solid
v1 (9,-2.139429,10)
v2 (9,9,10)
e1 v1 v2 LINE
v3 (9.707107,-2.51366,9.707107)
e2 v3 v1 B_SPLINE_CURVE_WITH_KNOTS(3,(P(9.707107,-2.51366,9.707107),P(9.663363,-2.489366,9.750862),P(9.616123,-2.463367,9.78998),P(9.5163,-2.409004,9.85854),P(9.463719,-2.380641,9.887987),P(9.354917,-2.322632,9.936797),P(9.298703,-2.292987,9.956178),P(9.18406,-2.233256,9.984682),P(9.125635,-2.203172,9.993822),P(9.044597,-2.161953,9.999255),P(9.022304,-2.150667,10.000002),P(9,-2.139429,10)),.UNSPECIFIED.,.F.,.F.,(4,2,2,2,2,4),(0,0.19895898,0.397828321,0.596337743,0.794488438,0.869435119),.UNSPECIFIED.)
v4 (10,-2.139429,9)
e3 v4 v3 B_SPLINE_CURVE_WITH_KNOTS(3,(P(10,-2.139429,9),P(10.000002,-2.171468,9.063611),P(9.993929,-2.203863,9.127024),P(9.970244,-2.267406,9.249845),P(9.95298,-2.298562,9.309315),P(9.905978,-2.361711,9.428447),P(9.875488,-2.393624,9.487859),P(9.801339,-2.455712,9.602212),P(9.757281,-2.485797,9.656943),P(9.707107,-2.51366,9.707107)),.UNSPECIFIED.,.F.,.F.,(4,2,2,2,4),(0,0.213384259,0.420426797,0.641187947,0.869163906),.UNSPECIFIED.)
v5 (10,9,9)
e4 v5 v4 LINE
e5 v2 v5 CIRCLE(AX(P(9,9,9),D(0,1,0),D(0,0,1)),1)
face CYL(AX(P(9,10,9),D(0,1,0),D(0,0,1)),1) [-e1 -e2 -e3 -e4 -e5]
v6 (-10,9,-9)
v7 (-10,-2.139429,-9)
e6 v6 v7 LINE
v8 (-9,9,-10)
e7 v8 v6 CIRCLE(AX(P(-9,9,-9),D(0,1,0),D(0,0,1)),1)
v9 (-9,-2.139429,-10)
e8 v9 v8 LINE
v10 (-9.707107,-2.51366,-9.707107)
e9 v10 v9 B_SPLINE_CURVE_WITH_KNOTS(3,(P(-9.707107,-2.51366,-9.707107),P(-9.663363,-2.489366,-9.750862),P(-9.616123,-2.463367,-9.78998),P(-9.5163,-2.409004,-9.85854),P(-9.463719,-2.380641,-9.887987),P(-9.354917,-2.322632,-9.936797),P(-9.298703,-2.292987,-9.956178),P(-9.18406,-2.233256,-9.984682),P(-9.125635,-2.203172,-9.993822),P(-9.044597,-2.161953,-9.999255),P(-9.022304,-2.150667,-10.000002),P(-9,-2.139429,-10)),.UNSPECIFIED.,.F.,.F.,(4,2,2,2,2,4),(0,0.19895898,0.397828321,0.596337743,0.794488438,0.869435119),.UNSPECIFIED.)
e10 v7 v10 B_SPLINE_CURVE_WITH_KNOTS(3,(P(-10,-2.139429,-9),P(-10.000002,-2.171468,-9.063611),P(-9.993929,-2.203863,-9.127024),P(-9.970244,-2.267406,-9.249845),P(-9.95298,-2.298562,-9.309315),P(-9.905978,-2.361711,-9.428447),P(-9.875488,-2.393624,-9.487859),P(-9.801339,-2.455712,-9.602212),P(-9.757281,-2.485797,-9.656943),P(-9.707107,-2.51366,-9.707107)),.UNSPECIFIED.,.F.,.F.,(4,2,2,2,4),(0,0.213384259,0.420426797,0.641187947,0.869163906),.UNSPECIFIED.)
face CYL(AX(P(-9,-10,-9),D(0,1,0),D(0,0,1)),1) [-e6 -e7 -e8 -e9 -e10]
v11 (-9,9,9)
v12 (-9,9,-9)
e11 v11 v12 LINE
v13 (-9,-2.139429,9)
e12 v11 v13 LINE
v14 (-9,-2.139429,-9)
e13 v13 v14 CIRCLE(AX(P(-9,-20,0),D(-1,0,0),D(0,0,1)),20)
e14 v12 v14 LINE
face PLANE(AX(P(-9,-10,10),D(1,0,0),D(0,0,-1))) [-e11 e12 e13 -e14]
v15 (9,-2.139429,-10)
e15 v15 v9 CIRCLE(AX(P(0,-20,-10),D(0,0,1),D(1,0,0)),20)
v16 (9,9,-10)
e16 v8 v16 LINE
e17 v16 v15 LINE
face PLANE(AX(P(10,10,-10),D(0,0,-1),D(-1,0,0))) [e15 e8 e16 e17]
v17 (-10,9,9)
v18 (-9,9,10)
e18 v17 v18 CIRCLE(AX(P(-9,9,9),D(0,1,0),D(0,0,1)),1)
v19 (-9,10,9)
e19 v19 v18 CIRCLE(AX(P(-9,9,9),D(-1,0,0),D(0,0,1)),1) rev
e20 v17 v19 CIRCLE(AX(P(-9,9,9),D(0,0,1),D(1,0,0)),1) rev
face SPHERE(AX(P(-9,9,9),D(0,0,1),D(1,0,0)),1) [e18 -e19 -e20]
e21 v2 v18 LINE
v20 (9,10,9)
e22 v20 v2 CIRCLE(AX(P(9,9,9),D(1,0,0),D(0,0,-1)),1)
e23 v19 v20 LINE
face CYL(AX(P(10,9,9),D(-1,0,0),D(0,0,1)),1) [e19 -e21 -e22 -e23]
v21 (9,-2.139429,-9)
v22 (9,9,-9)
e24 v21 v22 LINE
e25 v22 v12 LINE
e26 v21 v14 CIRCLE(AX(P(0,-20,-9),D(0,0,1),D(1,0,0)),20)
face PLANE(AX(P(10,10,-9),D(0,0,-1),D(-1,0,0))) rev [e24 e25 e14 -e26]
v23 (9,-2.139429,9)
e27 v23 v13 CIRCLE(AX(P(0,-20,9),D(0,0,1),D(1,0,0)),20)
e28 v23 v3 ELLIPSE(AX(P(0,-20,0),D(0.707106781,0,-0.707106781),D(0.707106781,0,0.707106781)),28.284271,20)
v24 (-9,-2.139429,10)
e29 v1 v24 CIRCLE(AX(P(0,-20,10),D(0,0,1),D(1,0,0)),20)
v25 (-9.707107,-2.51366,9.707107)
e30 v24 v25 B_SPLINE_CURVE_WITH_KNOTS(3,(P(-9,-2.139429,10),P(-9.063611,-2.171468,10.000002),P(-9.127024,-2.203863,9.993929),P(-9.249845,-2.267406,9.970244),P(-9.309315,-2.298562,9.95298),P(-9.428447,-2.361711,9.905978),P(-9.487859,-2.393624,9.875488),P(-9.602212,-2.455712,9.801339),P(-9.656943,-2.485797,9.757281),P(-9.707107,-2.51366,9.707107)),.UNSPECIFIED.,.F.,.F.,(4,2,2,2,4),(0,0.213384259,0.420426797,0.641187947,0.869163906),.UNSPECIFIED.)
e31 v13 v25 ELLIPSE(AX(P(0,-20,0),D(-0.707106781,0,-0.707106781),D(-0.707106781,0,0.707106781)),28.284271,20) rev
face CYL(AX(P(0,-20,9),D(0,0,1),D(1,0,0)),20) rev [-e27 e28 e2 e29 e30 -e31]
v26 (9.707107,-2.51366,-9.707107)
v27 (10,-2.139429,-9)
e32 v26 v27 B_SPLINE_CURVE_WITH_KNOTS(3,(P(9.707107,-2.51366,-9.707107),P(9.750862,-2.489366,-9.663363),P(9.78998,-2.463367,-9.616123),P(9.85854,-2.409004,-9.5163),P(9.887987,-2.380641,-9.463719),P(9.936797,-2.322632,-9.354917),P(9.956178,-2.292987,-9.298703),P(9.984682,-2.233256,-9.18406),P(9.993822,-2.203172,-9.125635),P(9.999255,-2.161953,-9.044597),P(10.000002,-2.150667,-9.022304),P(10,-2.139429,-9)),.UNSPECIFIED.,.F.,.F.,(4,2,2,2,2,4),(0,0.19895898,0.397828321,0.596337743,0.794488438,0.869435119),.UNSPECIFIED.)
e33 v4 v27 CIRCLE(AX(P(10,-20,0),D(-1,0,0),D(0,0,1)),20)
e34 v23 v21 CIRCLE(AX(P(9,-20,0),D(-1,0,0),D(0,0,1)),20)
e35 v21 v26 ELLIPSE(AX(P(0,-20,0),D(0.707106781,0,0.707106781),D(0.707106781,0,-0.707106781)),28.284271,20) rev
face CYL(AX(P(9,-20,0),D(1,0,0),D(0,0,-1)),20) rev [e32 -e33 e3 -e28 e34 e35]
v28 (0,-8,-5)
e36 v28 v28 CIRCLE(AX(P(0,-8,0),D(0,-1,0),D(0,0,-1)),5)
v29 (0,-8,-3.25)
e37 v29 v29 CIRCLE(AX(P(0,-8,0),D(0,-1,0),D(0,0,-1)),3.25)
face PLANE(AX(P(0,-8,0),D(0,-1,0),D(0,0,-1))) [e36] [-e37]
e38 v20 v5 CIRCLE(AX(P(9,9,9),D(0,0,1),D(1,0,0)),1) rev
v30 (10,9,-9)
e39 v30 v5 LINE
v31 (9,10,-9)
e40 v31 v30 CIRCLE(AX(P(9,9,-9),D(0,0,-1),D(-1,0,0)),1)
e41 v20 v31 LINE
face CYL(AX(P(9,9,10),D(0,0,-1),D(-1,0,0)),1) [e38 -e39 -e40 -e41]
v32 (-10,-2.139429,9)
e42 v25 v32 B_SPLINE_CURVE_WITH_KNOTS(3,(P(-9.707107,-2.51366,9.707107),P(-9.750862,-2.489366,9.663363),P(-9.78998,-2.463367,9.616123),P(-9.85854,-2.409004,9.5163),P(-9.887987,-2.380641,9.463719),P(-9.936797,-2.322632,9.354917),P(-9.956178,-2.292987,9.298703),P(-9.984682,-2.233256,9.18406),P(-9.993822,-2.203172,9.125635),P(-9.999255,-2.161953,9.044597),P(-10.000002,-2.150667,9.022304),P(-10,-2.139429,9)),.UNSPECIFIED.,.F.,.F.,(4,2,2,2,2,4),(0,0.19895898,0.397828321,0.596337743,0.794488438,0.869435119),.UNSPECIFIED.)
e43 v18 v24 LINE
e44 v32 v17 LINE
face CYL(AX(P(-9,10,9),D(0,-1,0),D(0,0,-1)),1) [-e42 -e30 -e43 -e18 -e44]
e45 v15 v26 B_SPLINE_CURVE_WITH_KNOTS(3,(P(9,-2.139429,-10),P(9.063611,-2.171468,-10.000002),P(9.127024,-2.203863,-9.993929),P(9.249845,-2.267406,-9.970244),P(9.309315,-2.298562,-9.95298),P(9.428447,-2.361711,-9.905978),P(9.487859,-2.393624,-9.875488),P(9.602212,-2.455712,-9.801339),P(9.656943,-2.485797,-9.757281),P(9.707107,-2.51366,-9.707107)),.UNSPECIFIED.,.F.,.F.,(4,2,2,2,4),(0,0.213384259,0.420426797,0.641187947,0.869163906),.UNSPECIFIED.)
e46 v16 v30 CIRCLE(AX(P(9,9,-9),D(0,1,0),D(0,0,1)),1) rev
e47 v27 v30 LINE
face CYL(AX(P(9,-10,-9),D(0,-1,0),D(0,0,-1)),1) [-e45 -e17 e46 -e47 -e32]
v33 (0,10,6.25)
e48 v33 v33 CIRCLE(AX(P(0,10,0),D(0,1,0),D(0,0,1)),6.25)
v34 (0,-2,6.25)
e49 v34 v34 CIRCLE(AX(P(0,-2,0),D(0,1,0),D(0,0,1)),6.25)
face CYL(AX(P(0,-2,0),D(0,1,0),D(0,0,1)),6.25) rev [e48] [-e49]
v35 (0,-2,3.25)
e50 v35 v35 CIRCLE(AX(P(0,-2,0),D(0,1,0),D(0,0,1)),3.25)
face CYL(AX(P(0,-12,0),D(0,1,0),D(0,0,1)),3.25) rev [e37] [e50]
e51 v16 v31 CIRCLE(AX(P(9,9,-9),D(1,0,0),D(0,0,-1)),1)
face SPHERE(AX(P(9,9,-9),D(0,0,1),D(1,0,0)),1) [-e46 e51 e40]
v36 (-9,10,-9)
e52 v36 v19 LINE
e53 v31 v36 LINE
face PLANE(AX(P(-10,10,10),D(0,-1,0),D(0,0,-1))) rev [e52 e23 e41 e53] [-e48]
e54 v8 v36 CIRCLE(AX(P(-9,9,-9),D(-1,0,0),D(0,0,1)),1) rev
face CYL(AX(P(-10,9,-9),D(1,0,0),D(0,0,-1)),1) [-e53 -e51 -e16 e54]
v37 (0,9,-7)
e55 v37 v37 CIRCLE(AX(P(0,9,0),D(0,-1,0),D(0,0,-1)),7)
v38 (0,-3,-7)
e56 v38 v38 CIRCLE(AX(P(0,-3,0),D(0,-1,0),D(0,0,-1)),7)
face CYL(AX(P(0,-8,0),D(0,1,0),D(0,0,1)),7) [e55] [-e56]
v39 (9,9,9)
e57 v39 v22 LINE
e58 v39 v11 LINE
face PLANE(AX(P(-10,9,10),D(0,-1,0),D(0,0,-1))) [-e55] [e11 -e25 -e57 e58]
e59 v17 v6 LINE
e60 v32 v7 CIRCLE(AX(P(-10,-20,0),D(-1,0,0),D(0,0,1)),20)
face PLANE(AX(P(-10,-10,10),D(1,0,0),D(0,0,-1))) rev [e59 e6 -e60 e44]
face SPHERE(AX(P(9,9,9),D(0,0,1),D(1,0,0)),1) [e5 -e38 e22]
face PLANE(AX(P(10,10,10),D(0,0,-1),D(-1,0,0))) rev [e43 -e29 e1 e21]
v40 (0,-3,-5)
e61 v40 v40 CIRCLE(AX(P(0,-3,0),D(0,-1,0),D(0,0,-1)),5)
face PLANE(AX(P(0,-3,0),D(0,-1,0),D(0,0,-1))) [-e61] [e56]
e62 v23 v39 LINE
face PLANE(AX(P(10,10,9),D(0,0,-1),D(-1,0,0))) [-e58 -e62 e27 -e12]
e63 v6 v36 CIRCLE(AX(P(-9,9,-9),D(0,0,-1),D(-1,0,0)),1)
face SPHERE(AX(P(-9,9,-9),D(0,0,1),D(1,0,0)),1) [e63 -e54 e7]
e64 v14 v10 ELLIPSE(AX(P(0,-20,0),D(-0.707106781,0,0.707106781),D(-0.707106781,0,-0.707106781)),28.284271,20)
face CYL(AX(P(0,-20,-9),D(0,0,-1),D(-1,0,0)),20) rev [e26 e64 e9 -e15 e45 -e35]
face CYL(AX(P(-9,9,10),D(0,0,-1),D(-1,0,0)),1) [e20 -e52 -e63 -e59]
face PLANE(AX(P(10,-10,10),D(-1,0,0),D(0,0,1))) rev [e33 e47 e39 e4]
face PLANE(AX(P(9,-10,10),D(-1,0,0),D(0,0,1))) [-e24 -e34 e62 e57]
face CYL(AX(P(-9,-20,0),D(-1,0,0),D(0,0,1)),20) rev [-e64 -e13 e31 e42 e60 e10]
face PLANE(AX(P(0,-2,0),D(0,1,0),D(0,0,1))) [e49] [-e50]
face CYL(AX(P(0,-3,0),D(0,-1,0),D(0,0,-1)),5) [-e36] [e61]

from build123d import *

# Parameters (mm, degrees)
IZIM1_W                     = 20
IZIM1_H                     = 20
Y_KSEKLIK_EKSTR_ZYON1_DEPTH = 10
BO_ALTMA1_T                 = -1
IZIM2_R                     = 7
Y_KSEKLIK_EKSTR_ZYON2_DEPTH = 17
IZIM3_R                     = 20
KES_EKSTR_ZYON2_DEPTH       = 1
IZIM4_R                     = 20
KES_EKSTR_ZYON3_DEPTH       = 1
IZIM5_R                     = 6.25
KES_EKSTR_ZYON4_DEPTH       = 12
IZIM6_R                     = 3.25
KES_EKSTR_ZYON5_DEPTH       = 10
IZIM7_R                     = 8
IZIM7_R_2                   = 5
KES_EKSTR_ZYON6_DEPTH       = 5
RADYUS2_R                   = 1


with BuildPart() as part:
    # Çizim1 → Yükseklik-Ekstrüzyon1 (new, symmetric)
    with BuildSketch(Plane.XY):
        Rectangle(IZIM1_W, IZIM1_H)
    extrude(amount=Y_KSEKLIK_EKSTR_ZYON1_DEPTH, both=True)

    # İç Boşaltma1
    bo_altma1_openings = [part.faces().sort_by_distance(p)[0] for p in [
        (0, -10, 0),
    ]]
    offset(amount=BO_ALTMA1_T, openings=bo_altma1_openings, kind=Kind.INTERSECTION)

    # Çizim2 → Yükseklik-Ekstrüzyon2 (add)
    with BuildSketch(Plane.XZ.offset(-9)):
        with Locations(Location((0, 0, 0), (0, 0, 270))):
            Circle(IZIM2_R)
    extrude(amount=Y_KSEKLIK_EKSTR_ZYON2_DEPTH)

    # Çizim3 → Kes-Ekstrüzyon2 (cut)
    with BuildSketch(Plane.ZY.offset(10)):
        with Locations((0, -20)):
            Circle(IZIM3_R)
    kes_ekstr_zyon2 = extrude(amount=-KES_EKSTR_ZYON2_DEPTH, mode=Mode.SUBTRACT)

    # Aynalama1: Kes-Ekstrüzyon2 across plane
    add(kes_ekstr_zyon2.mirror(Plane(origin=(0, 0, 0), x_dir=(0, 0, 1), z_dir=(1, 0, 0))), mode=Mode.SUBTRACT)

    # Çizim4 → Kes-Ekstrüzyon3 (cut)
    with BuildSketch(Plane.XY.offset(10)):
        with Locations((0, -20)):
            Circle(IZIM4_R)
    kes_ekstr_zyon3 = extrude(amount=-KES_EKSTR_ZYON3_DEPTH, mode=Mode.SUBTRACT)

    # Aynalama2: Kes-Ekstrüzyon3 across plane
    add(kes_ekstr_zyon3.mirror(Plane.XY), mode=Mode.SUBTRACT)

    # Çizim5 → Kes-Ekstrüzyon4 (cut)
    with BuildSketch(Plane(origin=(0, 10, 0), x_dir=(1, 0, 0), z_dir=(0, 1, 0))):
        with Locations(Location((0, 0, 0), (0, 0, 270))):
            Circle(IZIM5_R)
    extrude(amount=-KES_EKSTR_ZYON4_DEPTH, mode=Mode.SUBTRACT)

    # Çizim6 → Kes-Ekstrüzyon5 (cut)
    with BuildSketch(Plane(origin=(0, -2, 0), x_dir=(1, 0, 0), z_dir=(0, 1, 0))):
        with Locations(Location((0, 0, 0), (0, 0, 270))):
            Circle(IZIM6_R)
    extrude(amount=-KES_EKSTR_ZYON5_DEPTH, mode=Mode.SUBTRACT)

    # Çizim7 → Kes-Ekstrüzyon6 (cut)
    with BuildSketch(Plane.XZ.offset(8)):
        Circle(IZIM7_R)
        with Locations(Location((0, 0, 0), (0, 0, 270))):
            Circle(IZIM7_R_2, mode=Mode.SUBTRACT)
    extrude(amount=-KES_EKSTR_ZYON6_DEPTH, mode=Mode.SUBTRACT)

    # Radyus2
    radyus2_edges = [part.edges().sort_by_distance(p)[0] for p in [
        (-10, 3.660254038, 10),
        (10, 3.660254038, -10),
        (10, 3.660254038, 10),
        (-10, 3.660254038, -10),
        (0, 10, -10),
        (0, 10, 10),
        (-10, 10, 0),
        (10, 10, 0),
    ]]
    fillet(radyus2_edges, radius=RADYUS2_R)


solid = part.part
